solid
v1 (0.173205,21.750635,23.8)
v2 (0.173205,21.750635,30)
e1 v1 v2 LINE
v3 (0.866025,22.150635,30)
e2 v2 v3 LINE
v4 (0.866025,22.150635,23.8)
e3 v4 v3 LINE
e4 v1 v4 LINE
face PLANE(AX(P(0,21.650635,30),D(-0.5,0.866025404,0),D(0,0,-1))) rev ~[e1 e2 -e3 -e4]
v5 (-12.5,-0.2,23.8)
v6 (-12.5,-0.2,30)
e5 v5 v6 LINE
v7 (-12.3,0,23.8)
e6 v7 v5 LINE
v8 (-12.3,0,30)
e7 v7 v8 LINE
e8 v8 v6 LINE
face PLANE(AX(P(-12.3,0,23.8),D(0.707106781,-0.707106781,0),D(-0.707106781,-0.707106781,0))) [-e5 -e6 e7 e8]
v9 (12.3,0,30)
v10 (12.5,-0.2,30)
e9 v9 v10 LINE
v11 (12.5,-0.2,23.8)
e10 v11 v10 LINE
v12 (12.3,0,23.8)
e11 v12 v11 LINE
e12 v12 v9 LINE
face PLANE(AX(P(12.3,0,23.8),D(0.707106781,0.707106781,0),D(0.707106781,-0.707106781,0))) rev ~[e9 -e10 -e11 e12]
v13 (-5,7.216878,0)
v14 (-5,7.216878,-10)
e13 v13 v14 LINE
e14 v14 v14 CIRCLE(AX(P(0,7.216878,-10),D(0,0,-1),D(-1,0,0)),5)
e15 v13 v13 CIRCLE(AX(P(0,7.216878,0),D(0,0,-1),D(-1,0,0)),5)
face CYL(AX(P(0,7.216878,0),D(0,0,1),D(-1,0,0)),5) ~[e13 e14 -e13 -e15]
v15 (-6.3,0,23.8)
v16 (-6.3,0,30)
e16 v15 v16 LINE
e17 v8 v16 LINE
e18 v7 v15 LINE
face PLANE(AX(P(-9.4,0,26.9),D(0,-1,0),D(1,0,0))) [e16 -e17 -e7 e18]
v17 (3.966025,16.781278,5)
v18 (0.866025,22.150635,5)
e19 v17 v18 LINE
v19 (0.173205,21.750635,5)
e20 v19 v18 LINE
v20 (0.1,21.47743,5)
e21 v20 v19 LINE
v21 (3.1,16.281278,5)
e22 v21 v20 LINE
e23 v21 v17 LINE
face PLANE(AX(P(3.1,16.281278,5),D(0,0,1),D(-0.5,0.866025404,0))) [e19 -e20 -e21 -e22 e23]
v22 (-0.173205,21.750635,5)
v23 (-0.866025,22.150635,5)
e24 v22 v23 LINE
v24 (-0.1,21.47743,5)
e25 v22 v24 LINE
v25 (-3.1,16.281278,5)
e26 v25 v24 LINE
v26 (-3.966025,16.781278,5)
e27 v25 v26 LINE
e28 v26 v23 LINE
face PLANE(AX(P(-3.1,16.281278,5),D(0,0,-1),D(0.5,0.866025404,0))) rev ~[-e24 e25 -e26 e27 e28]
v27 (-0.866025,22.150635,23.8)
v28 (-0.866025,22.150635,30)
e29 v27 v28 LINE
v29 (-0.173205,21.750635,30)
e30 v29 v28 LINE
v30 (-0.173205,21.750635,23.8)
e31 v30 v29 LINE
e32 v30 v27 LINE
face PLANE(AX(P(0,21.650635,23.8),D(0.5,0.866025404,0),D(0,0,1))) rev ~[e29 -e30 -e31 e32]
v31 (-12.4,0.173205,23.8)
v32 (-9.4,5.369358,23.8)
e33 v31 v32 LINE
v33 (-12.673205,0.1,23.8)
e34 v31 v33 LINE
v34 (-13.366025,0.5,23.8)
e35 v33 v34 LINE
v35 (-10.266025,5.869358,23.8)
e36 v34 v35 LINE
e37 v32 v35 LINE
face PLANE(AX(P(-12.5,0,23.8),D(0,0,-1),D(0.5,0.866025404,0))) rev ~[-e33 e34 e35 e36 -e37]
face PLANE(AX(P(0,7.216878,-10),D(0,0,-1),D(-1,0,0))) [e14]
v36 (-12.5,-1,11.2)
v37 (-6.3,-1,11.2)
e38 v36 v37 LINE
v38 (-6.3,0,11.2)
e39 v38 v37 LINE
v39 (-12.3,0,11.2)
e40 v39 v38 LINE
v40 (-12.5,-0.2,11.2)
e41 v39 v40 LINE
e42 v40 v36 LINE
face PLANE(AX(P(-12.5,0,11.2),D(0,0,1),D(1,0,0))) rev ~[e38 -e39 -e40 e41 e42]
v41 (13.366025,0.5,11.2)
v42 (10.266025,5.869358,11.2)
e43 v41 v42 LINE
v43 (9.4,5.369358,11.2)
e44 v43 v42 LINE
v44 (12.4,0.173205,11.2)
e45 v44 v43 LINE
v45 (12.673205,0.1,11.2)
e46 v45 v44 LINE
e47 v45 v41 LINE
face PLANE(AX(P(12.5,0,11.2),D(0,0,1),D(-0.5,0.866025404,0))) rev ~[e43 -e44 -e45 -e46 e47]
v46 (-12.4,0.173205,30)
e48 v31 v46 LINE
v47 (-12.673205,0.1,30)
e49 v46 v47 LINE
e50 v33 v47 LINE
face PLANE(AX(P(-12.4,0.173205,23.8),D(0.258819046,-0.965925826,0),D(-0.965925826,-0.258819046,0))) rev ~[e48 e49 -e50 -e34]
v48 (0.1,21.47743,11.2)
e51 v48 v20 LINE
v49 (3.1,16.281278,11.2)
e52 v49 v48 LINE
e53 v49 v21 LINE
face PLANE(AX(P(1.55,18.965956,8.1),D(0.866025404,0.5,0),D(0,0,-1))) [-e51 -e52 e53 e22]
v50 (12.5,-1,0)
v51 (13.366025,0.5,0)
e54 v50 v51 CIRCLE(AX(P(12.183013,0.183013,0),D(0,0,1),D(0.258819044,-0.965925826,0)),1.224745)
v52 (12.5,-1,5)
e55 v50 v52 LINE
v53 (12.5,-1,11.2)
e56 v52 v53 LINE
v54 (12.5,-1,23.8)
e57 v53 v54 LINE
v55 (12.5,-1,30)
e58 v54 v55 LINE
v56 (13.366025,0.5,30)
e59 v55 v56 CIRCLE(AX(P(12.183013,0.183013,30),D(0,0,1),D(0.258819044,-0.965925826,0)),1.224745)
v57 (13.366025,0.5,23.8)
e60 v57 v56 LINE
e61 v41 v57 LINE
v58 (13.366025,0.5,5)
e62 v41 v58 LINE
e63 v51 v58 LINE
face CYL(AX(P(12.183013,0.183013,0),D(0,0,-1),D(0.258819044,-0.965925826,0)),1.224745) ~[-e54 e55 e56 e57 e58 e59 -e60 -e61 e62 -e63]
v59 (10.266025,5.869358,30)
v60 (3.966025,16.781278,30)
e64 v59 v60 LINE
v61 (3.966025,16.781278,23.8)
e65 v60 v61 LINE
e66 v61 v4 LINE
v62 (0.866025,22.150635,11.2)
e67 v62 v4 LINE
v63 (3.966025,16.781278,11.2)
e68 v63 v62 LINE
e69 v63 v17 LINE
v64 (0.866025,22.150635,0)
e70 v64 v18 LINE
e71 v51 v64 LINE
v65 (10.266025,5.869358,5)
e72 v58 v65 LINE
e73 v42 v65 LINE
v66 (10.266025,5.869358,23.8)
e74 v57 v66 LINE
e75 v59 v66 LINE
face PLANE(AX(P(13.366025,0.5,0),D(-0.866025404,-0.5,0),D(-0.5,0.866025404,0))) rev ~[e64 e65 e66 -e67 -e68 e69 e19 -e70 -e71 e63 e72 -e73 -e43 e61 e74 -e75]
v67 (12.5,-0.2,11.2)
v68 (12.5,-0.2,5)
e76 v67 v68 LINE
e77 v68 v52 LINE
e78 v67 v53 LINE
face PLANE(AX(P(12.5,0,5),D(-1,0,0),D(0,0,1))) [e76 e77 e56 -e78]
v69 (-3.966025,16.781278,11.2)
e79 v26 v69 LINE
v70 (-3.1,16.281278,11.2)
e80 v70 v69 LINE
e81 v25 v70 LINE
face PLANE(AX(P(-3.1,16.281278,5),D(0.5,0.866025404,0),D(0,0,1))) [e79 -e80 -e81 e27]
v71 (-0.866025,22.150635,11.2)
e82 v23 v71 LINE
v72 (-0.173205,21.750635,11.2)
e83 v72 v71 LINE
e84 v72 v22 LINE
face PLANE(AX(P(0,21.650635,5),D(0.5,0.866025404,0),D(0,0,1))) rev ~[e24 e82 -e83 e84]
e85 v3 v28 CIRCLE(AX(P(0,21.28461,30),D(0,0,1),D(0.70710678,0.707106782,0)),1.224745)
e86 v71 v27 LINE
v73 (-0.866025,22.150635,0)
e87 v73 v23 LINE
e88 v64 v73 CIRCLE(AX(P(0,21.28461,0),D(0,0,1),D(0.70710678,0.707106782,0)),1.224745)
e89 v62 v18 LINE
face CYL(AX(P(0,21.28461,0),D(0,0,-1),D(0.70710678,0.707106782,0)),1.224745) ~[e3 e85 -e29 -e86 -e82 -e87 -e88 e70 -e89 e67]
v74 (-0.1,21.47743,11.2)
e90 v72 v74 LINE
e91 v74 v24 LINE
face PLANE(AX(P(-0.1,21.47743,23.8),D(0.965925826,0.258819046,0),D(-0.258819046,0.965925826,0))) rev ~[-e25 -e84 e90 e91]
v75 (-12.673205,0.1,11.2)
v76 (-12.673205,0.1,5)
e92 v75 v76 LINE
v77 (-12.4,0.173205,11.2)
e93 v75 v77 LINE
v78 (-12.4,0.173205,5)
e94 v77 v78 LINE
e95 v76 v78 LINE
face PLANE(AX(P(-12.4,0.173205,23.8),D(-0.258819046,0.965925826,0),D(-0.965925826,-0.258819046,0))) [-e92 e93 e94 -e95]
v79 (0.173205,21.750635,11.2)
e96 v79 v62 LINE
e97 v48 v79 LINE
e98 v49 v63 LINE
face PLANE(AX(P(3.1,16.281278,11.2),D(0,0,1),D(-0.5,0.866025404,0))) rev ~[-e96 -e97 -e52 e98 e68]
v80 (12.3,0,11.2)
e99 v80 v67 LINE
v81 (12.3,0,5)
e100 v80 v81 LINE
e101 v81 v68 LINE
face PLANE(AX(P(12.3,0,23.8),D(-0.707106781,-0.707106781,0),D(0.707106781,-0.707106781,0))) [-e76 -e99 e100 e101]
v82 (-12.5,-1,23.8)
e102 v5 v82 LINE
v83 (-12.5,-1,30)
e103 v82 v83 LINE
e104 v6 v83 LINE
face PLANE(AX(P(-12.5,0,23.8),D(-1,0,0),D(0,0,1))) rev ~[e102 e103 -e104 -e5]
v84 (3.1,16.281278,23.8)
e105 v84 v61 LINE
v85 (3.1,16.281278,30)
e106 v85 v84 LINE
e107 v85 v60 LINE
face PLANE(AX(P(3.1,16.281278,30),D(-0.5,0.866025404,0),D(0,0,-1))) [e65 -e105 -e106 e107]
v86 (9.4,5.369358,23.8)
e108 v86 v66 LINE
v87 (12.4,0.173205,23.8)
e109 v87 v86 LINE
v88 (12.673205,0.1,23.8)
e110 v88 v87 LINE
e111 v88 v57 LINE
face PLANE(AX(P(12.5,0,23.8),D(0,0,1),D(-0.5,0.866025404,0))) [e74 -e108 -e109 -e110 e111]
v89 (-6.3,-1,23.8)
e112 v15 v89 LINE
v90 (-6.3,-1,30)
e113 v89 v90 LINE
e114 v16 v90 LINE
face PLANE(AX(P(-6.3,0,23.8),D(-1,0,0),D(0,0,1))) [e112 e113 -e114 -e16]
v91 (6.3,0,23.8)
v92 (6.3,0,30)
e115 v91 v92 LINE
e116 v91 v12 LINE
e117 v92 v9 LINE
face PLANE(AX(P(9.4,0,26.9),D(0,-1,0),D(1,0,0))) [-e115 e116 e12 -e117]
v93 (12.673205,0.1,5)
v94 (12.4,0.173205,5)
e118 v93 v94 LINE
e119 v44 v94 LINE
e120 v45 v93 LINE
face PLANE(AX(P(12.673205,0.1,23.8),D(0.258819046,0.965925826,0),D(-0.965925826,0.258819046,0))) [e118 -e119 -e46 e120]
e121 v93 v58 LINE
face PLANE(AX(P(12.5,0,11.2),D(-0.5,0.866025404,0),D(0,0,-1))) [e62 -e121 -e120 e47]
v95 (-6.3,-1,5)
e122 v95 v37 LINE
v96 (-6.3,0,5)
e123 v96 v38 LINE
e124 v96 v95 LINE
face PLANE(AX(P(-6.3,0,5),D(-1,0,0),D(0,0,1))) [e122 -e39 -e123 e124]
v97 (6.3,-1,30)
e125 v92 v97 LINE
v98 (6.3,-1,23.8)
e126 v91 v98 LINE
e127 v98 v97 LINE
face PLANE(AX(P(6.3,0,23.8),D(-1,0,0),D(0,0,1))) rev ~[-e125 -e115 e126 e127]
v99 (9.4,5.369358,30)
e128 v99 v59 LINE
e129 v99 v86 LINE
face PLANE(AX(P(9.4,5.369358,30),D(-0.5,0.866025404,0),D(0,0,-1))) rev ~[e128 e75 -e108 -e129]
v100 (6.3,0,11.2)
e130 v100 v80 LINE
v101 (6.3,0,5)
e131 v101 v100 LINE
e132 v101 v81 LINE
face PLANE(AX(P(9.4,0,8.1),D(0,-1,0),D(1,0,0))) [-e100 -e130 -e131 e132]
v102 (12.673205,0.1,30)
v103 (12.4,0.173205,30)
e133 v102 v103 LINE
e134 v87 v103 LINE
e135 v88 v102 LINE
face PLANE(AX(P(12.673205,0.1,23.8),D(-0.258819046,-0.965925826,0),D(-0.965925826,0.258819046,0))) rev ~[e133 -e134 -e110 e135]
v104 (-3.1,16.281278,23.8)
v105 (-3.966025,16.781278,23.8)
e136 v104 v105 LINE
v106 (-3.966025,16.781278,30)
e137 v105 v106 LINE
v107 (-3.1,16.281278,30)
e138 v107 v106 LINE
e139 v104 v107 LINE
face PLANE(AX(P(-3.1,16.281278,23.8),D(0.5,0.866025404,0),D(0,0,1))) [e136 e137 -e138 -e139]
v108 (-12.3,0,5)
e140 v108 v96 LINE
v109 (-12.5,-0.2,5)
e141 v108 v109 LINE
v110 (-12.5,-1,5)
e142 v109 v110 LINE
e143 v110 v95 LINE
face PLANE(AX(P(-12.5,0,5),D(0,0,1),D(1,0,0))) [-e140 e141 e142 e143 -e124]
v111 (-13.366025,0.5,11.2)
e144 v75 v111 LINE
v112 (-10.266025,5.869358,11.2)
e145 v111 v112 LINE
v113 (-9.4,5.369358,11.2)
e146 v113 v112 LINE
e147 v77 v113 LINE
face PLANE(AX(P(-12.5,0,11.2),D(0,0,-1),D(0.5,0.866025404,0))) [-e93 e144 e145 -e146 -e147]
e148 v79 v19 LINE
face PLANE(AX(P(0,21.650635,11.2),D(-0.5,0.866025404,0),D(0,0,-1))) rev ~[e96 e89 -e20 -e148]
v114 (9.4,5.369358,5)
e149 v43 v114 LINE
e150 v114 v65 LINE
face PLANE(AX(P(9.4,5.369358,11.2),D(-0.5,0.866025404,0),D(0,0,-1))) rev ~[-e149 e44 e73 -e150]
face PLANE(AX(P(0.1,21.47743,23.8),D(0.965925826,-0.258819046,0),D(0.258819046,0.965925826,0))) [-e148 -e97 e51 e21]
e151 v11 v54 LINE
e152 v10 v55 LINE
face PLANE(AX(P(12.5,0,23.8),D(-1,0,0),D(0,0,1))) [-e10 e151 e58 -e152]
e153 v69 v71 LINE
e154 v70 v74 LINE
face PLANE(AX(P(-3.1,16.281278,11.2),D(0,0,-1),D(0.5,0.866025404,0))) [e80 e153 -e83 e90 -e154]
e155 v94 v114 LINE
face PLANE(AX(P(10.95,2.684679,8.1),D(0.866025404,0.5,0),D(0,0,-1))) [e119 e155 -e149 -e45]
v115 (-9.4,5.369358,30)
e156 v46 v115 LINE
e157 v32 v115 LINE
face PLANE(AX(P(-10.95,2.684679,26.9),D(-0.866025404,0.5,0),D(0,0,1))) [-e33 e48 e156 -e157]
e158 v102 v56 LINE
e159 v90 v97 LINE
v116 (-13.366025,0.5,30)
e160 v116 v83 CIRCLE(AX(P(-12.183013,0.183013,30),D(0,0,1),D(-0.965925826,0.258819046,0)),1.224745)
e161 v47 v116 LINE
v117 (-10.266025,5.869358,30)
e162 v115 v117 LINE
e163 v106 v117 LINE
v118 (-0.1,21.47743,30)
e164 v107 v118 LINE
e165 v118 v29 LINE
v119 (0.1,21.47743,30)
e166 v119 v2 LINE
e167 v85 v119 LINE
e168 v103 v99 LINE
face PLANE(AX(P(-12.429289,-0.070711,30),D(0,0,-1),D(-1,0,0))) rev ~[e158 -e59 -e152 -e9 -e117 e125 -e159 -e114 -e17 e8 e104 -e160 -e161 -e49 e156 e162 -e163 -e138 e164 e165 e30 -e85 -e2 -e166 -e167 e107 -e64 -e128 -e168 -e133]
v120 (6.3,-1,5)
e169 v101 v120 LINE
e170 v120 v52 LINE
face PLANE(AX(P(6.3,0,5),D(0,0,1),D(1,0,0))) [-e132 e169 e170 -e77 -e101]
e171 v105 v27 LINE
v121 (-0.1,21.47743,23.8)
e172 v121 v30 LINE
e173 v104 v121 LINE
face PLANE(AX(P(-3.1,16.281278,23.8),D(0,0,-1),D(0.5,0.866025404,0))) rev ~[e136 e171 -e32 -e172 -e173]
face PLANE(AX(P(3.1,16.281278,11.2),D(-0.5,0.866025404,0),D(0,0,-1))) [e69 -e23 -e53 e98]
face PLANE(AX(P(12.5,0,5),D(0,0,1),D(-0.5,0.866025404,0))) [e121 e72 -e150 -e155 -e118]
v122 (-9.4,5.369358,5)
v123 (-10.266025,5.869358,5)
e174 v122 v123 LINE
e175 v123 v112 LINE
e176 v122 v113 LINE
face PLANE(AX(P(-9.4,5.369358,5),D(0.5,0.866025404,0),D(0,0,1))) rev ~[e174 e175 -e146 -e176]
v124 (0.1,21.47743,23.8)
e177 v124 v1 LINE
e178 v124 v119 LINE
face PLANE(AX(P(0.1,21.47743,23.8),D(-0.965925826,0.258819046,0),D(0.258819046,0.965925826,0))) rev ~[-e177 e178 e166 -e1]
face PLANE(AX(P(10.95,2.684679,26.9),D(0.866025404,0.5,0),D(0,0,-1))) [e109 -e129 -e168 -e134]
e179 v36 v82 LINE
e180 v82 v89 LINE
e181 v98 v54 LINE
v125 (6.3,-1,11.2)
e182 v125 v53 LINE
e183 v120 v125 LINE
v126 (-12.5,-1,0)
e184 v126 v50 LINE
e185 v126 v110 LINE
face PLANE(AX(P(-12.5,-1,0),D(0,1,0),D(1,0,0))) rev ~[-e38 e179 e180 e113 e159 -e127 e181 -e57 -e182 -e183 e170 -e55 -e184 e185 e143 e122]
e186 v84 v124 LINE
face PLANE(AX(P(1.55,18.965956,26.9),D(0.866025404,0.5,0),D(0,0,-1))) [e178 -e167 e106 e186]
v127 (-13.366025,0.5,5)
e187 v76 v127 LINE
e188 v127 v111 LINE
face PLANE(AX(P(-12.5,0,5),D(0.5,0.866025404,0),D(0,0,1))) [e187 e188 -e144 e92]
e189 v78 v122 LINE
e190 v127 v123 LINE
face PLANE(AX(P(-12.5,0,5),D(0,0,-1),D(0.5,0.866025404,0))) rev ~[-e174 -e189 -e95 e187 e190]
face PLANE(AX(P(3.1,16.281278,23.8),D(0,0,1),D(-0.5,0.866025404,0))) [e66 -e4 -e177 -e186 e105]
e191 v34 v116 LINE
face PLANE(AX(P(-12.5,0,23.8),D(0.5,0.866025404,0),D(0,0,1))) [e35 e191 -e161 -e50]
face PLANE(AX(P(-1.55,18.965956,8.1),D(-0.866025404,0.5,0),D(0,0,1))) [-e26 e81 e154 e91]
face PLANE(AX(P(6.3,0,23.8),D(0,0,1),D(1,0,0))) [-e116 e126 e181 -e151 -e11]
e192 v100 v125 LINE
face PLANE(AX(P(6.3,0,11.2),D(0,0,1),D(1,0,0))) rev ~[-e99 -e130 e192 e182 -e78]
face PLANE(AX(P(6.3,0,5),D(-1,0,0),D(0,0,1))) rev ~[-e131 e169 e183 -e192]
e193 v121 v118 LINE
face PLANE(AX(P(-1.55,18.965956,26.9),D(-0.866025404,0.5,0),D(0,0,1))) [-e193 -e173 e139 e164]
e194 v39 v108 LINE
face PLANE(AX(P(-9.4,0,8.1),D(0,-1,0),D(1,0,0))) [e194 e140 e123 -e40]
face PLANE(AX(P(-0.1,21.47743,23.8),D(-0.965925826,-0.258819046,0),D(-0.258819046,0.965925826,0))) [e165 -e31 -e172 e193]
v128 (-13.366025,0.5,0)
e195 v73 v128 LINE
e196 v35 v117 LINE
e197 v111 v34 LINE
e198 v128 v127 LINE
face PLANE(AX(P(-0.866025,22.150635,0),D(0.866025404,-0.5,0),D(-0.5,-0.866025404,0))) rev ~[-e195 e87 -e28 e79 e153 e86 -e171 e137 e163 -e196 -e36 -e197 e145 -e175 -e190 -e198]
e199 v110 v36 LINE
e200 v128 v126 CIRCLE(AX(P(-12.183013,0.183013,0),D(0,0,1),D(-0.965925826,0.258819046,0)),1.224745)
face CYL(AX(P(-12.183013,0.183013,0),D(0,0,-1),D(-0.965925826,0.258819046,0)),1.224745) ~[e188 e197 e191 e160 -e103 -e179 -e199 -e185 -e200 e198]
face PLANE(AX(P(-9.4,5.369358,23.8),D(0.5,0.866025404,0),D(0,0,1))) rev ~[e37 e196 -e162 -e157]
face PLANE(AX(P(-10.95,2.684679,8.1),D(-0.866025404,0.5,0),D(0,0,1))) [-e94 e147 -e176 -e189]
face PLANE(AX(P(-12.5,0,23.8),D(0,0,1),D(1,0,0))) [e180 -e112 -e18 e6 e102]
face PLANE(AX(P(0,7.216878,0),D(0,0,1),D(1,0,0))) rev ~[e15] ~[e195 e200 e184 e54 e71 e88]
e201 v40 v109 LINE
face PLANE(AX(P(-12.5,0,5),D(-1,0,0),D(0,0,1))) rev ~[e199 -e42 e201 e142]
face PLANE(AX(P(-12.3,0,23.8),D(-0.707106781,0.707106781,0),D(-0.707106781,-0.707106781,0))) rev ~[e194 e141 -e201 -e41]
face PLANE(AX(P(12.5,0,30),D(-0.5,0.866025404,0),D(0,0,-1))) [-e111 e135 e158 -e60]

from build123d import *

# Parameters (mm, degrees)
EXTRUDE_1_DEPTH       = 30
EXTRUDE_8_DEPTH       = 30
SKETCH_2_W            = 6.2
SKETCH_2_H            = 6.2
CUT_EXTRUDE_5_DEPTH   = 1
EXTRUDE_9_DEPTH       = 6.2
EXTRUDE_9_DEPTH_BACK  = 23.8
SKETCH_15_W           = 6.2
SKETCH_15_H           = 6.2
CUT_EXTRUDE_10_DEPTH  = 1
EXTRUDE_10_DEPTH      = 6.2
EXTRUDE_10_DEPTH_BACK = 23.8
EXTRUDE_11_DEPTH      = 6.2
EXTRUDE_11_DEPTH_BACK = 23.8
SKETCH_20_W           = 6.2
SKETCH_20_H           = 6.2
CUT_EXTRUDE_11_DEPTH  = 1
EXTRUDE_12_DEPTH      = 6.2
EXTRUDE_12_DEPTH_BACK = 23.8
EXTRUDE_13_DEPTH      = 6.2
EXTRUDE_13_DEPTH_BACK = 23.8
EXTRUDE_14_DEPTH      = 6.2
EXTRUDE_14_DEPTH_BACK = 23.8
SKETCH_25_R           = 5
EXTRUDE_15_DEPTH      = 10


with BuildPart() as part:
    # ｽｹｯﾁ1 → ﾎﾞｽ - 押し出し1 (new body)
    with BuildSketch(Plane.XY):
        Polygon((0, 21.650635095), (-12.5, 0), (12.5, 0), align=None)
    extrude(amount=EXTRUDE_1_DEPTH)

    # ｽｹｯﾁ11 → ﾎﾞｽ - 押し出し8 (add, through all)
    with BuildSketch(Plane(origin=(0, 0, 0), x_dir=(-1, 0, 0), z_dir=(0, 0, -1))):
        with BuildLine():
            Line((0.866025404, 22.150635095), (13.366025404, 0.5))
            ThreePointArc((13.366025404, 0.5), (13.243672874, -0.429359734), (12.5, -1))
            Line((12.5, -1), (-12.5, -1))
            ThreePointArc((-12.5, -1), (-13.243672874, -0.429359734), (-13.366025404, 0.5))
            Line((-13.366025404, 0.5), (-0.866025404, 22.150635095))
            ThreePointArc((-0.866025404, 22.150635095), (0, 22.509354562), (0.866025404, 22.150635095))
        make_face()
        Polygon((0, 21.650635095), (12.5, 0), (-12.5, 0), align=None, mode=Mode.SUBTRACT)
    extrude(amount=-EXTRUDE_8_DEPTH)

    # ｽｹｯﾁ2 → ｶｯﾄ - 押し出し5 (cut)
    with BuildSketch(Plane(origin=(-9.375, 5.412658774, 0), x_dir=(0, 0, 1), z_dir=(-0.866025404, 0.5, 0))):
        with Locations((26.9, -3.15)):
            Rectangle(SKETCH_2_W, SKETCH_2_H)
        with Locations((26.9, 15.65)):
            Rectangle(SKETCH_2_W, SKETCH_2_H)
        with Locations((8.1, -3.15)):
            Rectangle(SKETCH_2_W, SKETCH_2_H)
        with Locations((8.1, 15.65)):
            Rectangle(SKETCH_2_W, SKETCH_2_H)
    extrude(amount=CUT_EXTRUDE_5_DEPTH, mode=Mode.SUBTRACT)

    # ｽｹｯﾁ16 → ﾎﾞｽ - 押し出し9 (add, two sides)
    with BuildSketch(Plane.XY.offset(23.8)) as extrude_9_sk:
        Polygon((-12.4, 0.173205081), (-12.673205081, 0.1), (-12.5, 0), align=None)
    extrude(amount=EXTRUDE_9_DEPTH)
    extrude(extrude_9_sk.sketch, amount=-EXTRUDE_9_DEPTH_BACK)

    # ｽｹｯﾁ15 → ｶｯﾄ - 押し出し10 (cut)
    with BuildSketch(Plane.XZ):
        with Locations((-9.4, 26.9)):
            Rectangle(SKETCH_15_W, SKETCH_15_H)
        with Locations((9.4, 26.9)):
            Rectangle(SKETCH_15_W, SKETCH_15_H)
        with Locations((9.4, 8.1)):
            Rectangle(SKETCH_15_W, SKETCH_15_H)
        with Locations((-9.4, 8.1)):
            Rectangle(SKETCH_15_W, SKETCH_15_H)
    extrude(amount=CUT_EXTRUDE_10_DEPTH, mode=Mode.SUBTRACT)

    # ｽｹｯﾁ18 → ﾎﾞｽ - 押し出し10 (add, two sides)
    with BuildSketch(Plane.XY.offset(23.8)) as extrude_10_sk:
        Polygon((-0.173205081, 21.750635095), (0, 21.650635095), (-0.1, 21.477430014), align=None)
    extrude(amount=EXTRUDE_10_DEPTH)
    extrude(extrude_10_sk.sketch, amount=-EXTRUDE_10_DEPTH_BACK)

    # ｽｹｯﾁ19 → ﾎﾞｽ - 押し出し11 (add, two sides)
    with BuildSketch(Plane.XY.offset(23.8)) as extrude_11_sk:
        Polygon((12.5, 0), (12.3, 0), (12.5, -0.2), align=None)
    extrude(amount=EXTRUDE_11_DEPTH)
    extrude(extrude_11_sk.sketch, amount=-EXTRUDE_11_DEPTH_BACK)

    # ｽｹｯﾁ20 → ｶｯﾄ - 押し出し11 (cut)
    with BuildSketch(Plane(origin=(9.375, 5.412658774, 0), x_dir=(0, 0, -1), z_dir=(0.866025404, 0.5, 0))):
        with Locations((-26.9, -3.15)):
            Rectangle(SKETCH_20_W, SKETCH_20_H)
        with Locations((-26.9, 15.65)):
            Rectangle(SKETCH_20_W, SKETCH_20_H)
        with Locations((-8.1, -3.15)):
            Rectangle(SKETCH_20_W, SKETCH_20_H)
        with Locations((-8.1, 15.65)):
            Rectangle(SKETCH_20_W, SKETCH_20_H)
    extrude(amount=CUT_EXTRUDE_11_DEPTH, mode=Mode.SUBTRACT)

    # ｽｹｯﾁ21 → ﾎﾞｽ - 押し出し12 (add, two sides)
    with BuildSketch(Plane.XY.offset(23.8)) as extrude_12_sk:
        Polygon((0, 21.650635095), (0.1, 21.477430014), (0.173205081, 21.750635095), align=None)
    extrude(amount=EXTRUDE_12_DEPTH)
    extrude(extrude_12_sk.sketch, amount=-EXTRUDE_12_DEPTH_BACK)

    # ｽｹｯﾁ23 → ﾎﾞｽ - 押し出し13 (add, two sides)
    with BuildSketch(Plane.XY.offset(23.8)) as extrude_13_sk:
        Polygon((12.5, 0), (12.673205081, 0.1), (12.4, 0.173205081), align=None)
    extrude(amount=EXTRUDE_13_DEPTH)
    extrude(extrude_13_sk.sketch, amount=-EXTRUDE_13_DEPTH_BACK)

    # ｽｹｯﾁ24 → ﾎﾞｽ - 押し出し14 (add, two sides)
    with BuildSketch(Plane.XY.offset(23.8)) as extrude_14_sk:
        Polygon((-12.5, 0), (-12.3, 0), (-12.5, -0.2), align=None)
    extrude(amount=EXTRUDE_14_DEPTH)
    extrude(extrude_14_sk.sketch, amount=-EXTRUDE_14_DEPTH_BACK)

    # ｽｹｯﾁ25 → ﾎﾞｽ - 押し出し15 (add)
    with BuildSketch(Plane(origin=(0, 0, 0), x_dir=(-1, 0, 0), z_dir=(0, 0, -1))):
        with Locations((0, 7.216878365)):
            Circle(SKETCH_25_R)
    extrude(amount=EXTRUDE_15_DEPTH)


solid = part.part
